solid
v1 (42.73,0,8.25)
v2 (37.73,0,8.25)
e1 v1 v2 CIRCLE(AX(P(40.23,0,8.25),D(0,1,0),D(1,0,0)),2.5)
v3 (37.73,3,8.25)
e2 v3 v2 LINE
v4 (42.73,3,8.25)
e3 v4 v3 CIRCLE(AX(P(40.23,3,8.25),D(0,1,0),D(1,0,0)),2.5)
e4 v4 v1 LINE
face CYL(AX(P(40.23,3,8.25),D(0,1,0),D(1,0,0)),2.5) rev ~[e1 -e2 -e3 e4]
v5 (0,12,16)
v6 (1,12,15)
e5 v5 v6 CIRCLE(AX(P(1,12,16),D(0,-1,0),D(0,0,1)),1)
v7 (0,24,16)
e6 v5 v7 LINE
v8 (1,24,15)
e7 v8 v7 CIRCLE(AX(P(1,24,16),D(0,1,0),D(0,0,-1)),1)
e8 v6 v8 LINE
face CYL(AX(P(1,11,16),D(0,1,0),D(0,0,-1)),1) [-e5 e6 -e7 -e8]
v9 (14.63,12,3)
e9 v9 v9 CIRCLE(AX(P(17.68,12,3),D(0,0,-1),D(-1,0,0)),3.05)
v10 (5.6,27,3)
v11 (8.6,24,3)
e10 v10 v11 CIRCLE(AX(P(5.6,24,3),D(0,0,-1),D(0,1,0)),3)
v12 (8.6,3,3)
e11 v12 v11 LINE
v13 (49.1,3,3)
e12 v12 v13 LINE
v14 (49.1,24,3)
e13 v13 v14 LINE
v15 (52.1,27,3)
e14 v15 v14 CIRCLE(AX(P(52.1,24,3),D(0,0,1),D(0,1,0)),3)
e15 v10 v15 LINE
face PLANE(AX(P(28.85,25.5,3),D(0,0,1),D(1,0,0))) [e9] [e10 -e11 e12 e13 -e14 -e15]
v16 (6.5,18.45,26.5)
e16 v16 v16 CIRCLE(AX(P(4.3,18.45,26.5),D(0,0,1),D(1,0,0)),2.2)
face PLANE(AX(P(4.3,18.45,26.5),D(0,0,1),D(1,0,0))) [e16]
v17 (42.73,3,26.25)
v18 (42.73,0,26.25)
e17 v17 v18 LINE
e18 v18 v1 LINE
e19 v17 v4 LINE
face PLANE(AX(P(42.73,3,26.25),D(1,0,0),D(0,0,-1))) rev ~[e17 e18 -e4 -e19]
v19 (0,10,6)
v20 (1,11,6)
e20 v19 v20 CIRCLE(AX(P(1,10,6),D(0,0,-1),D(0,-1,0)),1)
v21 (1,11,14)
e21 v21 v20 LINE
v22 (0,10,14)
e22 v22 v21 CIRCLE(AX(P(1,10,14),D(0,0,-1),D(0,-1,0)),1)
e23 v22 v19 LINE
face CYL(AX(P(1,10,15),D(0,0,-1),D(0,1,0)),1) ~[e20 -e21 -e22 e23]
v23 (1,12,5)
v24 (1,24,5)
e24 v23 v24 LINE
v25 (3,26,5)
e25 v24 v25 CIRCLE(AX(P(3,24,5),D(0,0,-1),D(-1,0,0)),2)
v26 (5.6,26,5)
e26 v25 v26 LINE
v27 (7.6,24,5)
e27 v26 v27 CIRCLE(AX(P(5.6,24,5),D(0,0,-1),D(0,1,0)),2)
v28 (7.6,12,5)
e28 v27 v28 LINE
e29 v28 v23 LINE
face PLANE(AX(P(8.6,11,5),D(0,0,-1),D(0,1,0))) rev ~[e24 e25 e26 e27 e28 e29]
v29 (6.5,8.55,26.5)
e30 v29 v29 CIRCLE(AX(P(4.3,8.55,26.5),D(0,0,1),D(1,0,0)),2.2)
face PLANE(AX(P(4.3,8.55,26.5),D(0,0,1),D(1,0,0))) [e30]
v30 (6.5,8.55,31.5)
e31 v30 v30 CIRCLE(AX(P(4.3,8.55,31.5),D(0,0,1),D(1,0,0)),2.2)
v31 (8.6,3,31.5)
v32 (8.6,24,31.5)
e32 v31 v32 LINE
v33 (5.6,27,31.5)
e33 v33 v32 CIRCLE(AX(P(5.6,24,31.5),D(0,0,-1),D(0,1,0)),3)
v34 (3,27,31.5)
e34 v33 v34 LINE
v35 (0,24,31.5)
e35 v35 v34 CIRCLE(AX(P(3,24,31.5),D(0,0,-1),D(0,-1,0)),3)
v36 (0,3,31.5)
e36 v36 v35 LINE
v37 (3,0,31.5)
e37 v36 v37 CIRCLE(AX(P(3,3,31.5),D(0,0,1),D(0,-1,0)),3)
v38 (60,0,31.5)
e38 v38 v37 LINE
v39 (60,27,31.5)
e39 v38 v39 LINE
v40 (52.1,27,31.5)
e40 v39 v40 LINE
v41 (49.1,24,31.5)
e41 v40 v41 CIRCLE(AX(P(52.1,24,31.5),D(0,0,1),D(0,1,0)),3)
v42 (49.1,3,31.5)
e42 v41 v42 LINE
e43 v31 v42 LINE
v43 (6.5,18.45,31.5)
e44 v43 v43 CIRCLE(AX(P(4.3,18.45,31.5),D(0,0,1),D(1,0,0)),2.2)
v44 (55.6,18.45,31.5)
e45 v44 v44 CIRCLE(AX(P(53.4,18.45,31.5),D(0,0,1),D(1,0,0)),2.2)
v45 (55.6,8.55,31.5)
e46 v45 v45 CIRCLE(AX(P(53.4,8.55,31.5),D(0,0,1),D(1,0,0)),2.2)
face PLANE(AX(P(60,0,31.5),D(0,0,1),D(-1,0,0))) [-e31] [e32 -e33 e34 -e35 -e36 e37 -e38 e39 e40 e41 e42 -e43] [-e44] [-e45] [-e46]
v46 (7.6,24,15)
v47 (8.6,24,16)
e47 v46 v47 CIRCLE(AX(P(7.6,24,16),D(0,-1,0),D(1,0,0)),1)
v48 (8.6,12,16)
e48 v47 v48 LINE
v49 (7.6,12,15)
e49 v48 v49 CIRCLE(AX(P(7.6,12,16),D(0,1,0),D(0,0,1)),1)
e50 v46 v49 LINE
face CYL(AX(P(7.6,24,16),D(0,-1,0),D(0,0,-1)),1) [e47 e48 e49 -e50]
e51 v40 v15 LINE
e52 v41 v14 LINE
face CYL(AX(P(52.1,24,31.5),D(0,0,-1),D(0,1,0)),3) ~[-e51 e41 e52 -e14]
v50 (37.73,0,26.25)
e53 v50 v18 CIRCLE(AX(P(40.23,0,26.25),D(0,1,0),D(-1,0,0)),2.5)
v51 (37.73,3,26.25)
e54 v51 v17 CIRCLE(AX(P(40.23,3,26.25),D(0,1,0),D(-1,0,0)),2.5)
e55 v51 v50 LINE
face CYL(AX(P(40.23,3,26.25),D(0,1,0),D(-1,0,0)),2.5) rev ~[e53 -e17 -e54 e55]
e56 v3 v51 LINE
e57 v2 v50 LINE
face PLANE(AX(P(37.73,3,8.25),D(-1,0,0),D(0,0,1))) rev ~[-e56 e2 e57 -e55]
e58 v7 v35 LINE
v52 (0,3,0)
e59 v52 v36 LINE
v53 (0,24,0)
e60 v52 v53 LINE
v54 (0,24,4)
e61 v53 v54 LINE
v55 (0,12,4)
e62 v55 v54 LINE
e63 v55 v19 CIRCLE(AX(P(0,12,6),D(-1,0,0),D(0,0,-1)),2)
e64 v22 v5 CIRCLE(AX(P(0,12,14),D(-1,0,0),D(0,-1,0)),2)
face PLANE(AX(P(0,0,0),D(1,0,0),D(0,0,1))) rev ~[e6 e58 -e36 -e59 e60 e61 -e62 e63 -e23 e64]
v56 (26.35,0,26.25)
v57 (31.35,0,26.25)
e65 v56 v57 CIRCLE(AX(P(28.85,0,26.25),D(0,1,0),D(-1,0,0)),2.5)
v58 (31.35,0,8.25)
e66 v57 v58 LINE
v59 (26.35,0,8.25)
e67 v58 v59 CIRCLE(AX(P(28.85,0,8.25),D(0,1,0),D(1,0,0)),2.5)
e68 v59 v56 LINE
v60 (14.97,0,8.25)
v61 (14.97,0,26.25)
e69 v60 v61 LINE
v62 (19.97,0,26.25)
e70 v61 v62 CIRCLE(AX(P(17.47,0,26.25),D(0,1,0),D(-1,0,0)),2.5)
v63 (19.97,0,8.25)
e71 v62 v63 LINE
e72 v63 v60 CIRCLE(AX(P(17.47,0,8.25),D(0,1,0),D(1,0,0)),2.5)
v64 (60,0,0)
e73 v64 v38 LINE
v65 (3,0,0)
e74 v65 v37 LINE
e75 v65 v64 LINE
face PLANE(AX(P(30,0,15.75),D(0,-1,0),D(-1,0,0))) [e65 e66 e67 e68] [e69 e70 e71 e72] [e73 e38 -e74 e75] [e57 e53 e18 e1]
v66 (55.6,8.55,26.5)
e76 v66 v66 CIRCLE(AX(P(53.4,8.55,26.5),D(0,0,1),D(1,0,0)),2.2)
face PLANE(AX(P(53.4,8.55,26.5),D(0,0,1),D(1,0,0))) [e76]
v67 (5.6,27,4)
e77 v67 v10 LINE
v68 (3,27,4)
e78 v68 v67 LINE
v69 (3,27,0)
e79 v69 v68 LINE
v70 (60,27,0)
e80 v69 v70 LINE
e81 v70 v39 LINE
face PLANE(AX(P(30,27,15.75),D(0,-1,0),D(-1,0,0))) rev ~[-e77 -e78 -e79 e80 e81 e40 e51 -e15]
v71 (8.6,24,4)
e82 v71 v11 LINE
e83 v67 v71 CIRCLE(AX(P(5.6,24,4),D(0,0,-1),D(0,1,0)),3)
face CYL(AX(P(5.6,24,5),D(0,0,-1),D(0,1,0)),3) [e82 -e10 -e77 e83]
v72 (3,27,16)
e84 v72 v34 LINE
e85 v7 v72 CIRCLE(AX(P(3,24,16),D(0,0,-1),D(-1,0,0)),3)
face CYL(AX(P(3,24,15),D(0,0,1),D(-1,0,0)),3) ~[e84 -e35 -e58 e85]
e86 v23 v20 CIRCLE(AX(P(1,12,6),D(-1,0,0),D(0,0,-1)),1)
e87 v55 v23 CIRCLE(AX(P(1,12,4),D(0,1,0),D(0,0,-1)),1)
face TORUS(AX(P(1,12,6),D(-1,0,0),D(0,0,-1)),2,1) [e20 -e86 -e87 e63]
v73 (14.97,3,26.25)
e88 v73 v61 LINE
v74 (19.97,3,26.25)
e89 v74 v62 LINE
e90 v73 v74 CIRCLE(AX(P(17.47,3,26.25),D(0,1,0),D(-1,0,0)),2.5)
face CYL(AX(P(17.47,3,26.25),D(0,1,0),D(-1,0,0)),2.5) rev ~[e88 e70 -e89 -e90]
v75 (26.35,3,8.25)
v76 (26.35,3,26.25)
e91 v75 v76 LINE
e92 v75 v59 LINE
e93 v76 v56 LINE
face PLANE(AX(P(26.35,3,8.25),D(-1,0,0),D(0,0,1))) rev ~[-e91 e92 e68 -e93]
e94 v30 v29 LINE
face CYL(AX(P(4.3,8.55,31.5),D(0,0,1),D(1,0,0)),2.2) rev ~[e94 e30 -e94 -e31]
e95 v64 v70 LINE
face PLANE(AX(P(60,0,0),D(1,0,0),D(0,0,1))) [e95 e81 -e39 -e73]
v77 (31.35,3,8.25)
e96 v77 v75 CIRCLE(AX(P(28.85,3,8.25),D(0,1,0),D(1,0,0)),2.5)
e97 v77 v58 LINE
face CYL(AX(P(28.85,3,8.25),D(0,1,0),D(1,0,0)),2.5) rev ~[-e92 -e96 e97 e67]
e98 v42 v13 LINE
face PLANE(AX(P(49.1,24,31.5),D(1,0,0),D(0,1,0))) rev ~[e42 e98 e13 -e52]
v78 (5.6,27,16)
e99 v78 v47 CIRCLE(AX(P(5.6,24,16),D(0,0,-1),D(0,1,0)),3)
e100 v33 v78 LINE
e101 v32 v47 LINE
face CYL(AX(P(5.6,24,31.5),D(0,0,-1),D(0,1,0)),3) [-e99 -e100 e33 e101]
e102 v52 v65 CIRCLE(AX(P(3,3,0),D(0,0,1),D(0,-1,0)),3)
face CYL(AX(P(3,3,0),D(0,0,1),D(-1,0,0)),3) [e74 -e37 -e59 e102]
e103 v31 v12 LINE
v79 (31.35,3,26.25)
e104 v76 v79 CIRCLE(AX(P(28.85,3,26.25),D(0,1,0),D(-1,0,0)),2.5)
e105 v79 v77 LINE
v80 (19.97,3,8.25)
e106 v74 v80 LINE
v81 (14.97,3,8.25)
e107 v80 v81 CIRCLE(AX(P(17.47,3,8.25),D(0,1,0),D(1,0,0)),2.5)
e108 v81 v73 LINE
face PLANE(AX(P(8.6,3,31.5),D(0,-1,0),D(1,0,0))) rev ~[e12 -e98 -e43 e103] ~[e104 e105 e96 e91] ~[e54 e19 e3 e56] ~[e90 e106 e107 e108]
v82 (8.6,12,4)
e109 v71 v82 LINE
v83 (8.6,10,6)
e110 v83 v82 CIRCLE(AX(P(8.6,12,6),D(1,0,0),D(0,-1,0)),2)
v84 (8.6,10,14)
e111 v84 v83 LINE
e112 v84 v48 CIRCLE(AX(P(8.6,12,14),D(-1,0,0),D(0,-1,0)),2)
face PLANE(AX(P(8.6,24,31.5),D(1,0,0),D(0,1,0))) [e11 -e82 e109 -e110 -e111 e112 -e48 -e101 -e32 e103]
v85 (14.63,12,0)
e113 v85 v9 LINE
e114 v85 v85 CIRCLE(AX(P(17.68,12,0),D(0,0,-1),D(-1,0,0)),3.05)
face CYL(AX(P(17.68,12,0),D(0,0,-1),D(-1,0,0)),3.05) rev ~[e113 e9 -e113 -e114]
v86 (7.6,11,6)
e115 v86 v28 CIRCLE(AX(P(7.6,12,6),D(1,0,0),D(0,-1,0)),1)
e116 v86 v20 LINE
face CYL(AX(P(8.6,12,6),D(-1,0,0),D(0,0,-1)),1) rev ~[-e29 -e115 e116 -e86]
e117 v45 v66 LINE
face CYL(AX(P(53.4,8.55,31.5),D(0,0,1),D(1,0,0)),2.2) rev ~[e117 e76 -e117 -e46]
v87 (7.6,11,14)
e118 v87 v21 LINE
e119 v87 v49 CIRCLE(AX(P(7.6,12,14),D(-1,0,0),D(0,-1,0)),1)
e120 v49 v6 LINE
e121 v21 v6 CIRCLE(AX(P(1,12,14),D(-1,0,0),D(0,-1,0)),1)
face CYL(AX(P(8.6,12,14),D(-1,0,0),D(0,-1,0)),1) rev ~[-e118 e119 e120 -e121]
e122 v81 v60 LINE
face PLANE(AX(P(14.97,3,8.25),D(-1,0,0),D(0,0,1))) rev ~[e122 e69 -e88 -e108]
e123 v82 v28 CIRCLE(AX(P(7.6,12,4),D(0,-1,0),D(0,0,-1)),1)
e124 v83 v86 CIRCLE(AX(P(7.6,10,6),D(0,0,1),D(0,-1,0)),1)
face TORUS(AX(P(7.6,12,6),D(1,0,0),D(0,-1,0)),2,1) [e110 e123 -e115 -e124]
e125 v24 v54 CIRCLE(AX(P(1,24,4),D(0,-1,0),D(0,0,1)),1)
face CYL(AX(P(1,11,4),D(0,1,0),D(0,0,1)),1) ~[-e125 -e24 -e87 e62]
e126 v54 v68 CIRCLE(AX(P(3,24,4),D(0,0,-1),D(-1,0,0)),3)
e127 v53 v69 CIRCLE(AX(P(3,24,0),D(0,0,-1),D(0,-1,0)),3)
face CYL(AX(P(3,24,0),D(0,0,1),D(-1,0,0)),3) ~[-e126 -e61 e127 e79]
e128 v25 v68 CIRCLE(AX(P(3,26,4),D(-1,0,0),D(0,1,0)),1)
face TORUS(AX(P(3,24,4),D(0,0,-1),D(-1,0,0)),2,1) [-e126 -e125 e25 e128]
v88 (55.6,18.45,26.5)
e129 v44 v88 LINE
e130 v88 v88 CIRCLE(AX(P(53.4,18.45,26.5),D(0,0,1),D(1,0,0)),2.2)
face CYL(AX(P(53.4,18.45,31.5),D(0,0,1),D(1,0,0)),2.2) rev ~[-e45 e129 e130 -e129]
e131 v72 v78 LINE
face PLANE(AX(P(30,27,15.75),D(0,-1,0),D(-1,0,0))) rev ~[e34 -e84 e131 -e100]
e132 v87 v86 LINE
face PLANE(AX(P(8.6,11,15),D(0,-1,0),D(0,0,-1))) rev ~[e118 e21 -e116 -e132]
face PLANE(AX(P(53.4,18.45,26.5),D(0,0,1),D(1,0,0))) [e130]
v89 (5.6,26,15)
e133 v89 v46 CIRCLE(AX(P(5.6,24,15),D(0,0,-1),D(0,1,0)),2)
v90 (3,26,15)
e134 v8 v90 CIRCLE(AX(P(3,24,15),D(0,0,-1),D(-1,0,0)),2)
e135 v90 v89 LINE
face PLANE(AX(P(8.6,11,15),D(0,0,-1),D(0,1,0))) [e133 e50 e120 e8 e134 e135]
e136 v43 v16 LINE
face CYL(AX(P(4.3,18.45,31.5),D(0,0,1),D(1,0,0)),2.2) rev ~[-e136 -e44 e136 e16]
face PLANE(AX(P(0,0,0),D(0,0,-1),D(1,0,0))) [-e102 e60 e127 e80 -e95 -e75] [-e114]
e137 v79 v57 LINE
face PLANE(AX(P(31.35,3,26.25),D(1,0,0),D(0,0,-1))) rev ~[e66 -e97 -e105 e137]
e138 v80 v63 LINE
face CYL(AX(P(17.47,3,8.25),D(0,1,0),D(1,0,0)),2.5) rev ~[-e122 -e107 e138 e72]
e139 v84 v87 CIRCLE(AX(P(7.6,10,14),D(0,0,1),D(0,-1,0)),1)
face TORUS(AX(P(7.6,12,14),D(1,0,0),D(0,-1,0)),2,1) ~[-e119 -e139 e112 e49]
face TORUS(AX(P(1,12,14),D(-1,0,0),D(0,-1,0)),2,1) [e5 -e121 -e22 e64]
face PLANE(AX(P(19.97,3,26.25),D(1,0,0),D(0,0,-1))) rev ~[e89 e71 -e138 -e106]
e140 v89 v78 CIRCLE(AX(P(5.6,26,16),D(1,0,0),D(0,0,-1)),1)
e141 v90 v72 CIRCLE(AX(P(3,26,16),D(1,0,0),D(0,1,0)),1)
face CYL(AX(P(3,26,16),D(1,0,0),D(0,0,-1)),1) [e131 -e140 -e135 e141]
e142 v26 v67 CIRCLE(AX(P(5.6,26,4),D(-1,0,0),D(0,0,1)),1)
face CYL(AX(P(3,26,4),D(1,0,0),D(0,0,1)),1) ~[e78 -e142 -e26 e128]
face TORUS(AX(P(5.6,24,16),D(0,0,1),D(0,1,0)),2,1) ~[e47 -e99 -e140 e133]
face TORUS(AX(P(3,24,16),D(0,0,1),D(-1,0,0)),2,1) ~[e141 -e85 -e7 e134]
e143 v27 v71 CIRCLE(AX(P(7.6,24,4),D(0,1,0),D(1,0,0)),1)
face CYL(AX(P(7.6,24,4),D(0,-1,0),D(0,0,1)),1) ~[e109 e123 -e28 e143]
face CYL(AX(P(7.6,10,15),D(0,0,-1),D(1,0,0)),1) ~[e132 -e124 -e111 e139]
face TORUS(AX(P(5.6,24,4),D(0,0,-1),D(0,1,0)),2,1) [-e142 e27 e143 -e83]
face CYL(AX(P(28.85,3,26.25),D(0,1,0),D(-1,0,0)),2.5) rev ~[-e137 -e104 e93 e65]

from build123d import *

# Parameters (mm, degrees)
BOSS_EXTRUDE1_DEPTH = 27
SKETCH2_R           = 2.2
CUT_EXTRUDE1_DEPTH  = 5
SKETCH4_W           = 40.5
SKETCH4_H           = 21
CUT_EXTRUDE2_DEPTH  = 28.5
SKETCH5_W           = 40.5
SKETCH5_H           = 3
CUT_EXTRUDE4_DEPTH  = 28.5
CUT_EXTRUDE7_DEPTH  = 3
SKETCH6_W           = 10
SKETCH6_H           = 16
CUT_EXTRUDE5_DEPTH  = 28.5
FILLET1_R           = 3
FILLET2_R           = 1
SKETCH9_R           = 3.05
CUT_EXTRUDE6_DEPTH  = 10


with BuildPart() as part:
    # Sketch1 → Boss-Extrude1 (new body)
    with BuildSketch(Plane(origin=(0, 0, 0), x_dir=(1, 0, 0), z_dir=(0, 1, 0))):
        Polygon((0, 0), (60, 0), (60, -31.5), (0, -31.5), (0, -26.5), (0, -3), align=None)
    extrude(amount=BOSS_EXTRUDE1_DEPTH)

    # Sketch2 → Cut-Extrude1 (cut)
    with BuildSketch(Plane.XY.offset(31.5)):
        with Locations((4.3, 18.45)):
            Circle(SKETCH2_R)
        with Locations((4.3, 8.55)):
            Circle(SKETCH2_R)
        with Locations((53.4, 18.45)):
            Circle(SKETCH2_R)
        with Locations((53.4, 8.55)):
            Circle(SKETCH2_R)
    extrude(amount=-CUT_EXTRUDE1_DEPTH, mode=Mode.SUBTRACT)

    # Sketch4 → Cut-Extrude2 (cut)
    with BuildSketch(Plane.XY.offset(31.5)):
        with Locations((28.85, 13.5)):
            Rectangle(SKETCH4_W, SKETCH4_H)
    extrude(amount=-CUT_EXTRUDE2_DEPTH, mode=Mode.SUBTRACT)

    # Sketch5 → Cut-Extrude4 (cut)
    with BuildSketch(Plane.XY.offset(31.5)):
        with Locations((28.85, 25.5)):
            Rectangle(SKETCH5_W, SKETCH5_H)
    extrude(amount=-CUT_EXTRUDE4_DEPTH, mode=Mode.SUBTRACT)

    # Sketch10 → Cut-Extrude7 (cut)
    with BuildSketch(Plane(origin=(0, 3, 0), x_dir=(1, 0, 0), z_dir=(0, 1, 0))):
        with BuildLine():
            Line((31.35, -26.25), (31.35, -8.25))
            ThreePointArc((31.35, -8.25), (28.85, -5.75), (26.35, -8.25))
            Line((26.35, -8.25), (26.35, -26.25))
            ThreePointArc((26.35, -26.25), (28.85, -28.75), (31.35, -26.25))
        make_face()
        with BuildLine():
            Line((42.73, -26.25), (42.73, -8.25))
            ThreePointArc((42.73, -8.25), (40.23, -5.75), (37.73, -8.25))
            Line((37.73, -8.25), (37.73, -26.25))
            ThreePointArc((37.73, -26.25), (40.23, -28.75), (42.73, -26.25))
        make_face()
        with BuildLine():
            Line((19.97, -26.25), (19.97, -8.25))
            ThreePointArc((19.97, -8.25), (17.47, -5.75), (14.97, -8.25))
            Line((14.97, -8.25), (14.97, -26.25))
            ThreePointArc((14.97, -26.25), (17.47, -28.75), (19.97, -26.25))
        make_face()
    extrude(amount=-CUT_EXTRUDE7_DEPTH, mode=Mode.SUBTRACT)

    # Sketch6 → Cut-Extrude5 (cut)
    with BuildSketch(Plane(origin=(8.6, 0, 0), x_dir=(0, 0, -1), z_dir=(1, 0, 0))):
        with Locations((-10, 19)):
            Rectangle(SKETCH6_W, SKETCH6_H)
    extrude(amount=-CUT_EXTRUDE5_DEPTH, mode=Mode.SUBTRACT)

    # Fillet1
    fillet1_edges = [part.edges().sort_by_distance(p)[0] for p in [
        (8.6, 27, 23.25),
        (0, 27, 23.25),
        (0, 27, 2.5),
        (8.6, 27, 4),
        (49.1, 27, 17.25),
        (0, 0, 15.75),
    ]]
    fillet(fillet1_edges, radius=FILLET1_R)

    # Fillet2
    fillet2_edges = [part.edges().sort_by_distance(p)[0] for p in [
        (4.3, 11, 15),
        (0, 17.5, 5),
        (0, 11, 10),
        (4.3, 11, 5),
        (8.6, 11, 10),
        (8.6, 17.5, 5),
        (0, 17.5, 15),
        (4.3, 27, 5),
        (7.721320344, 26.121320344, 5),
        (0.878679656, 26.121320344, 5),
        (8.6, 17.5, 15),
        (4.3, 27, 15),
        (7.721320344, 26.121320344, 15),
        (0.878679656, 26.121320344, 15),
    ]]
    fillet(fillet2_edges, radius=FILLET2_R)

    # Sketch9 → Cut-Extrude6 (cut)
    with BuildSketch(Plane(origin=(0, 0, 0), x_dir=(-1, 0, 0), z_dir=(0, 0, -1))):
        with Locations((-17.68, 12)):
            Circle(SKETCH9_R)
    extrude(amount=-CUT_EXTRUDE6_DEPTH, mode=Mode.SUBTRACT)


solid = part.part
